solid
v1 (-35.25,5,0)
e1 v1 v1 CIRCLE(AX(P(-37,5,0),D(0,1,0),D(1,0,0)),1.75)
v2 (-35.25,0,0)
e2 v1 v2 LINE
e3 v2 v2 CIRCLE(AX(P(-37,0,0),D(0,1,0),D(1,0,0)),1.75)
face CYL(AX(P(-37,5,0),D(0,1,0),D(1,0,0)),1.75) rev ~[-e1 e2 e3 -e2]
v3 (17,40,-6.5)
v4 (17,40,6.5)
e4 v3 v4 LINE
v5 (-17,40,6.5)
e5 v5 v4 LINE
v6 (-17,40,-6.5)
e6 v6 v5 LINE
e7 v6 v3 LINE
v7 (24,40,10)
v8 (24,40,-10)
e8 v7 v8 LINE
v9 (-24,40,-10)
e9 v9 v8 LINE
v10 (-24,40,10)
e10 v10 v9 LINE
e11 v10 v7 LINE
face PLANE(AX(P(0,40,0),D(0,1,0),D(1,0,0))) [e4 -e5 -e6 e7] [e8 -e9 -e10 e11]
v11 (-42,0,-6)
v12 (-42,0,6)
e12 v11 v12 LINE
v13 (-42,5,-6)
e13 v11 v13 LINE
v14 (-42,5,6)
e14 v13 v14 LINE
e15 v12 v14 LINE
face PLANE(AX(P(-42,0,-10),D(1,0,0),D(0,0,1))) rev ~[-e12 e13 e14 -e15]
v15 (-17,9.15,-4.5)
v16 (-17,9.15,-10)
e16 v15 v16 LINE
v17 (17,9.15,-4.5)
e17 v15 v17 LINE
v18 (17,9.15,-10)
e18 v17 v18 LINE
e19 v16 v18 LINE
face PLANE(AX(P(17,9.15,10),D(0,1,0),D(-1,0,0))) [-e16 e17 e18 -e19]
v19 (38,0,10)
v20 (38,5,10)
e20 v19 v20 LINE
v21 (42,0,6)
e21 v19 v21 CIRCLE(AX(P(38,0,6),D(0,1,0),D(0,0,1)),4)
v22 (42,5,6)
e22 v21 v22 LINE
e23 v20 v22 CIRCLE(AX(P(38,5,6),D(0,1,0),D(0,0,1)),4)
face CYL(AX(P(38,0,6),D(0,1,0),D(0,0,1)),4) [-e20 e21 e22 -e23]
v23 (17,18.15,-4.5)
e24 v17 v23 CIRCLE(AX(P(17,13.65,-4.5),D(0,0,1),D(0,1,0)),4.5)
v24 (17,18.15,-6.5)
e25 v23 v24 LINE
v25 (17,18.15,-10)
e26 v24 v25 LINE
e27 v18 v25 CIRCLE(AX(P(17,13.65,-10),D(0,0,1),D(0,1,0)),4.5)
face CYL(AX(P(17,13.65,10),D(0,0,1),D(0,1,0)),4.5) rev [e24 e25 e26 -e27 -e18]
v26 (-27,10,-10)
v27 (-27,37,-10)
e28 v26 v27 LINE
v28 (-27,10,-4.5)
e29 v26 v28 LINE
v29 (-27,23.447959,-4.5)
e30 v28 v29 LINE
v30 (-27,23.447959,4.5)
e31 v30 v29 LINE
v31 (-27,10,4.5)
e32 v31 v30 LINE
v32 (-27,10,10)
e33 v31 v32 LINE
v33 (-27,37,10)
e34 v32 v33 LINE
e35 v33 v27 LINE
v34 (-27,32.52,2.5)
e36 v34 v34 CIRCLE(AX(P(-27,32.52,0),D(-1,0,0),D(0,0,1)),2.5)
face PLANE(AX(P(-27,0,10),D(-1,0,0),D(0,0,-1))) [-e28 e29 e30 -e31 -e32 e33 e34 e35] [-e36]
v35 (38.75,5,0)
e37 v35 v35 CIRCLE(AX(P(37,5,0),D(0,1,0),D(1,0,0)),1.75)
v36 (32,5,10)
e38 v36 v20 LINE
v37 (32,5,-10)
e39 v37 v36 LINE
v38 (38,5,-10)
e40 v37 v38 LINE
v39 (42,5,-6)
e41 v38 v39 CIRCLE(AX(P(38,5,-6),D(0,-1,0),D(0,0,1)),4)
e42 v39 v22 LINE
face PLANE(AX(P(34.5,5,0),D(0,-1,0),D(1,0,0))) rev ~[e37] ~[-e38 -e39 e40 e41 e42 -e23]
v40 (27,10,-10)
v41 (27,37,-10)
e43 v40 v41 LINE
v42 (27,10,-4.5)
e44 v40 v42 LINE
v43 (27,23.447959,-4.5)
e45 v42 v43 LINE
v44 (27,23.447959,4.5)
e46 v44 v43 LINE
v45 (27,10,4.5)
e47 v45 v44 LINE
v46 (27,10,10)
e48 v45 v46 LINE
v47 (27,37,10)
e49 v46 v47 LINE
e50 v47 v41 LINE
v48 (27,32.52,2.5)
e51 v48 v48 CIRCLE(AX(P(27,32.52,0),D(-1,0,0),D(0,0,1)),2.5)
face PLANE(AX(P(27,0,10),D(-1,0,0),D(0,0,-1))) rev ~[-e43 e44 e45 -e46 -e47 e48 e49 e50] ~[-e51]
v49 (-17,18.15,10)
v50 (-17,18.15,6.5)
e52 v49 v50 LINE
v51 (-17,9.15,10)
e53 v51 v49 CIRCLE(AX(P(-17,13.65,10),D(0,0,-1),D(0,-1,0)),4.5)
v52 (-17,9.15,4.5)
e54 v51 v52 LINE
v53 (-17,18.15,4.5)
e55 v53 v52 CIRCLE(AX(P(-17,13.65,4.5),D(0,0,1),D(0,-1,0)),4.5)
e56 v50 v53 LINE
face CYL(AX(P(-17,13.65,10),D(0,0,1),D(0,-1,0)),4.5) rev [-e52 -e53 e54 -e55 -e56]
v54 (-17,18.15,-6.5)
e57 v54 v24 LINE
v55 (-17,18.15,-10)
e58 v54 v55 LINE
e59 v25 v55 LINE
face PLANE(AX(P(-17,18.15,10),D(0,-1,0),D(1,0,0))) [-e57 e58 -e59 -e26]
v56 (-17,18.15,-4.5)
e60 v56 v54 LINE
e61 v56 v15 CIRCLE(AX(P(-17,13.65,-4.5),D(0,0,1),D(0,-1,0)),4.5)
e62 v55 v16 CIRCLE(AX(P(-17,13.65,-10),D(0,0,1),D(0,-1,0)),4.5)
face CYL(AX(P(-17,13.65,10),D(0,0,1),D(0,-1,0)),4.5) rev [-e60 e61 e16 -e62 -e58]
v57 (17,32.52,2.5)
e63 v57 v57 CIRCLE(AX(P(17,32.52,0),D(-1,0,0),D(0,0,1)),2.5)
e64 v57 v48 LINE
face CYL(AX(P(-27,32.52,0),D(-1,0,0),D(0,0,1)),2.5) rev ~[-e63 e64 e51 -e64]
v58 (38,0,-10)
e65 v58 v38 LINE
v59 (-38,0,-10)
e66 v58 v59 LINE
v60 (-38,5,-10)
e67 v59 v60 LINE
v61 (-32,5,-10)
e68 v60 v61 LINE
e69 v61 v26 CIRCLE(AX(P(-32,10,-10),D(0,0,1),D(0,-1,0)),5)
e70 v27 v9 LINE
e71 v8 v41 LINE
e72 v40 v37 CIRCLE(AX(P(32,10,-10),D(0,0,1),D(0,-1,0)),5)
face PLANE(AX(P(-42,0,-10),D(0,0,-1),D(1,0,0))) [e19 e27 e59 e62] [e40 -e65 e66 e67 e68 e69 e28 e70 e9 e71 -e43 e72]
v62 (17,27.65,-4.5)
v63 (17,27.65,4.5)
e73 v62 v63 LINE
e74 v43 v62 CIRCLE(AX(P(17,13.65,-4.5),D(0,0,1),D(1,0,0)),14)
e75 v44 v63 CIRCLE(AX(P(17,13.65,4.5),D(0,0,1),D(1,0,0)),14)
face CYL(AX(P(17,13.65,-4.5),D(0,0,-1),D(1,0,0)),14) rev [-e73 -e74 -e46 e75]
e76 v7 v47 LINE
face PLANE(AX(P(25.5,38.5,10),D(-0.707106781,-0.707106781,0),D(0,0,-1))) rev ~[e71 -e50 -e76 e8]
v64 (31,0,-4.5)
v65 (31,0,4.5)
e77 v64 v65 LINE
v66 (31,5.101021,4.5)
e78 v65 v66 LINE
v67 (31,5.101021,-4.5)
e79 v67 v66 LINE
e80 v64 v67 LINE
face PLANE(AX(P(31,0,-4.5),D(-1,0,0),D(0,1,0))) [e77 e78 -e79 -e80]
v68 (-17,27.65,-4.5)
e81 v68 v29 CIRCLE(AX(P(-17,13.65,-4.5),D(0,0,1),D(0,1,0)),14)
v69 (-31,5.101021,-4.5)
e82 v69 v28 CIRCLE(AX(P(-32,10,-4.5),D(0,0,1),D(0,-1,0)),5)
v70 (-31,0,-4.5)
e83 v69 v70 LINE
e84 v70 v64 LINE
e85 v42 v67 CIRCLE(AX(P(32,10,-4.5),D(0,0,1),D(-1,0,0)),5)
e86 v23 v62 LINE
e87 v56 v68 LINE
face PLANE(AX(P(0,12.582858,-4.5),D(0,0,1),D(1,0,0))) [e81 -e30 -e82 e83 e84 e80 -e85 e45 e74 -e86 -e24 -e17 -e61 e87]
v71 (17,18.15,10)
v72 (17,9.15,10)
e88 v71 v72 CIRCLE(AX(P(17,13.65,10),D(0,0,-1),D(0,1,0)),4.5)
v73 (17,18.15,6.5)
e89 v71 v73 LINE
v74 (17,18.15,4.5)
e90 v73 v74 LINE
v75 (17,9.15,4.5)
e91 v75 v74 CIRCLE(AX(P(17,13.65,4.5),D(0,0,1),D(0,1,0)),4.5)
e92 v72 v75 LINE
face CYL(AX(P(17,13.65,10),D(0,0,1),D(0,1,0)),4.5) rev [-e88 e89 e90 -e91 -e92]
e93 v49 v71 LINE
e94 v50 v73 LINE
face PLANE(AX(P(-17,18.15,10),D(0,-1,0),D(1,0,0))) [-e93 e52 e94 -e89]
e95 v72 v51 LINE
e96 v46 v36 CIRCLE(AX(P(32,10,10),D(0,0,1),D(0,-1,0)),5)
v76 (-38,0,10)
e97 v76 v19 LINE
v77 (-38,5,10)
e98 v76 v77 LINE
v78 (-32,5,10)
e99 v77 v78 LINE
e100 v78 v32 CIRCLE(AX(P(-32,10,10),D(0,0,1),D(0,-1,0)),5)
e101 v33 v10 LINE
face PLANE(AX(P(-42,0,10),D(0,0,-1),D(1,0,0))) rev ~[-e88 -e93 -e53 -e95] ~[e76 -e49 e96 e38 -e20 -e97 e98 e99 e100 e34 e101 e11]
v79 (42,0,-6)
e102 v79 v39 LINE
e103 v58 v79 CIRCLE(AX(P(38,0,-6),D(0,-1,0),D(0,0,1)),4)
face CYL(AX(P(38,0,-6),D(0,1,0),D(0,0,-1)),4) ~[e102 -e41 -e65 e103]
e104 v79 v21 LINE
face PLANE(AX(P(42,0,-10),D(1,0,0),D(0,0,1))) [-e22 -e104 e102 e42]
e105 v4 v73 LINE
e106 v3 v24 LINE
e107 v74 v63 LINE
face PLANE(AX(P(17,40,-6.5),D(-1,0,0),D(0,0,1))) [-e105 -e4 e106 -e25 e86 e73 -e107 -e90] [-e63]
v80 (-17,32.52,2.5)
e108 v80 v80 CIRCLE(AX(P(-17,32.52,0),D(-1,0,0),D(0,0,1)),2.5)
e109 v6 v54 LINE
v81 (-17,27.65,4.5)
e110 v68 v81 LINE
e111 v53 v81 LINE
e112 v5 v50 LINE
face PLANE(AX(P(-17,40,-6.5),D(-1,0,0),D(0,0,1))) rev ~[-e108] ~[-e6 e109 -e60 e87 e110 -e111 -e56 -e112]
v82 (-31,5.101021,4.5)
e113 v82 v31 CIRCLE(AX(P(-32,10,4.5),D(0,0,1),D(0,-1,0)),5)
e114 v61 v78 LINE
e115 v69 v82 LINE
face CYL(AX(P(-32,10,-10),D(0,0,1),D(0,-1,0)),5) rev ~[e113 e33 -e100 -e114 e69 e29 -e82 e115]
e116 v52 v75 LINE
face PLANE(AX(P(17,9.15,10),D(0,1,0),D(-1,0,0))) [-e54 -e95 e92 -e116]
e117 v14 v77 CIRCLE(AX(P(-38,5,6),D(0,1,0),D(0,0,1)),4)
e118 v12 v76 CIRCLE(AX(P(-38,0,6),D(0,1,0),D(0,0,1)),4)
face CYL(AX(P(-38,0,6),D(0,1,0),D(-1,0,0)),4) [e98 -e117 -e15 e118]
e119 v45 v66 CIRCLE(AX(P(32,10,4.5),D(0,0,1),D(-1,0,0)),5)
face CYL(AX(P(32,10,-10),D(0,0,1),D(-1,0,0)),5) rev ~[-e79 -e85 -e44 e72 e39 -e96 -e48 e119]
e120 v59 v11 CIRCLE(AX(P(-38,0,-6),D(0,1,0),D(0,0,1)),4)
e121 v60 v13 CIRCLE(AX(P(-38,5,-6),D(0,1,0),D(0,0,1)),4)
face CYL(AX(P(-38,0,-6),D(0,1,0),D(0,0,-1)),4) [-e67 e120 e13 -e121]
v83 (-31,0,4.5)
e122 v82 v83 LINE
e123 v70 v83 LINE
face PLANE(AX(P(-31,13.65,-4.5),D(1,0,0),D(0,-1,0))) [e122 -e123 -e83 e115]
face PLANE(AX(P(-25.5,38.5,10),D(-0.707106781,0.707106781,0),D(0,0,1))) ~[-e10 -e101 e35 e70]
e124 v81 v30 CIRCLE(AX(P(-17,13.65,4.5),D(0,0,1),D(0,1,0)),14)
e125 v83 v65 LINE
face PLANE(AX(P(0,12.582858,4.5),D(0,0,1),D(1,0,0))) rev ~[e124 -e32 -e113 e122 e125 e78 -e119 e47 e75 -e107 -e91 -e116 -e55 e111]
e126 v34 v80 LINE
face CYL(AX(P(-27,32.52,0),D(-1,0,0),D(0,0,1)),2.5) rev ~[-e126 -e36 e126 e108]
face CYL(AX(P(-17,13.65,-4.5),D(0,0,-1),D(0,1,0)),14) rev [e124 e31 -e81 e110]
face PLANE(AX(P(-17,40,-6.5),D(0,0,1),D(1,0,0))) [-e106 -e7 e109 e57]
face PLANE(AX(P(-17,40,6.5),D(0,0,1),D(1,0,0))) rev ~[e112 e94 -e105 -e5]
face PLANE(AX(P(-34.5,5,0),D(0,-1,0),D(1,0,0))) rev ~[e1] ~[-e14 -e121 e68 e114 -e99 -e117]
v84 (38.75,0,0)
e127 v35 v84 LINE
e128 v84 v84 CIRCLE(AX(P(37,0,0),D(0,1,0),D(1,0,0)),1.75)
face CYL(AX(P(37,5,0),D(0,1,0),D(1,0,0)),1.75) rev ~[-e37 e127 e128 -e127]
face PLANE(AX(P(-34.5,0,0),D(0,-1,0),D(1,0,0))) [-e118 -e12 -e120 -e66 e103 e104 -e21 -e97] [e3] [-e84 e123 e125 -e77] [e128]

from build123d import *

# Parameters (mm, degrees)
SKETCH1_W           = 54
SKETCH1_H           = 20
BOSS_EXTRUDE1_DEPTH = 40
SKETCH4_W           = 15
SKETCH4_H           = 20
BOSS_EXTRUDE2_DEPTH = 5
FILLET1_R           = 5
SKETCH6_W           = 34
SKETCH6_H           = 13
CUT_EXTRUDE3_DEPTH  = 26.35
CUT_EXTRUDE4_DEPTH  = 21
SKETCH3_R           = 2.5
CUT_EXTRUDE2_DEPTH  = 70
CUT_EXTRUDE5_DEPTH  = 9
SKETCH9_R           = 1.75
CUT_EXTRUDE6_DEPTH  = 6
FILLET2_R           = 4
CHAMFER1_SIZE       = 3


with BuildPart() as part:
    # Sketch1 → Boss-Extrude1 (new body)
    with BuildSketch(Plane(origin=(0, 0, 0), x_dir=(1, 0, 0), z_dir=(0, 1, 0))):
        Rectangle(SKETCH1_W, SKETCH1_H)
    extrude(amount=BOSS_EXTRUDE1_DEPTH)

    # Sketch4 → Boss-Extrude2 (add)
    with BuildSketch(Plane.XZ):
        with Locations((-34.5, 0)):
            Rectangle(SKETCH4_W, SKETCH4_H)
        with Locations((34.5, 0)):
            Rectangle(SKETCH4_W, SKETCH4_H)
    extrude(amount=-BOSS_EXTRUDE2_DEPTH)

    # Fillet1
    fillet1_edges = [part.edges().sort_by_distance(p)[0] for p in [
        (-27, 5, 0),
        (27, 5, 0),
    ]]
    fillet(fillet1_edges, radius=FILLET1_R)

    # Sketch6 → Cut-Extrude3 (cut)
    with BuildSketch(Plane.XZ.offset(-40)):
        Rectangle(SKETCH6_W, SKETCH6_H)
    extrude(amount=CUT_EXTRUDE3_DEPTH, mode=Mode.SUBTRACT)

    # Sketch7 → Cut-Extrude4 (cut, through all)
    with BuildSketch(Plane.XY.offset(10)):
        with BuildLine():
            Line((-17, 18.15), (17, 18.15))
            ThreePointArc((17, 18.15), (21.5, 13.65), (17, 9.15))
            Line((17, 9.15), (-17, 9.15))
            ThreePointArc((-17, 9.15), (-21.5, 13.65), (-17, 18.15))
        make_face()
    extrude(amount=-CUT_EXTRUDE4_DEPTH, mode=Mode.SUBTRACT)

    # Sketch3 → Cut-Extrude2 (cut, through all)
    with BuildSketch(Plane.ZY.offset(27)):
        with Locations((0, 32.52)):
            Circle(SKETCH3_R)
    extrude(amount=-CUT_EXTRUDE2_DEPTH, mode=Mode.SUBTRACT)

    # Sketch8 → Cut-Extrude5 (cut)
    with BuildSketch(Plane(origin=(0, 0, -4.5), x_dir=(-1, 0, 0), z_dir=(0, 0, -1))):
        with BuildLine():
            Line((-17, 27.65), (17, 27.65))
            ThreePointArc((17, 27.65), (26.899494937, 23.549494937), (31, 13.65))
            Line((31, 13.65), (31, 0))
            Line((31, 0), (-31, 0))
            Line((-31, 0), (-31, 13.65))
            ThreePointArc((-31, 13.65), (-26.899494937, 23.549494937), (-17, 27.65))
        make_face()
    extrude(amount=-CUT_EXTRUDE5_DEPTH, mode=Mode.SUBTRACT)

    # Sketch9 → Cut-Extrude6 (cut, through all)
    with BuildSketch(Plane(origin=(0, 5, 0), x_dir=(1, 0, 0), z_dir=(0, 1, 0))):
        with Locations((-37, 0)):
            Circle(SKETCH9_R)
        with Locations((37, 0)):
            Circle(SKETCH9_R)
    extrude(amount=-CUT_EXTRUDE6_DEPTH, mode=Mode.SUBTRACT)

    # Fillet2
    fillet2_edges = [part.edges().sort_by_distance(p)[0] for p in [
        (-42, 2.5, -10),
        (-42, 2.5, 10),
        (42, 2.5, 10),
        (42, 2.5, -10),
    ]]
    fillet(fillet2_edges, radius=FILLET2_R)

    # Chamfer1
    chamfer1_edges = [part.edges().sort_by_distance(p)[0] for p in [
        (-27, 40, 0),
        (27, 40, 0),
    ]]
    chamfer(chamfer1_edges, length=CHAMFER1_SIZE)


solid = part.part
